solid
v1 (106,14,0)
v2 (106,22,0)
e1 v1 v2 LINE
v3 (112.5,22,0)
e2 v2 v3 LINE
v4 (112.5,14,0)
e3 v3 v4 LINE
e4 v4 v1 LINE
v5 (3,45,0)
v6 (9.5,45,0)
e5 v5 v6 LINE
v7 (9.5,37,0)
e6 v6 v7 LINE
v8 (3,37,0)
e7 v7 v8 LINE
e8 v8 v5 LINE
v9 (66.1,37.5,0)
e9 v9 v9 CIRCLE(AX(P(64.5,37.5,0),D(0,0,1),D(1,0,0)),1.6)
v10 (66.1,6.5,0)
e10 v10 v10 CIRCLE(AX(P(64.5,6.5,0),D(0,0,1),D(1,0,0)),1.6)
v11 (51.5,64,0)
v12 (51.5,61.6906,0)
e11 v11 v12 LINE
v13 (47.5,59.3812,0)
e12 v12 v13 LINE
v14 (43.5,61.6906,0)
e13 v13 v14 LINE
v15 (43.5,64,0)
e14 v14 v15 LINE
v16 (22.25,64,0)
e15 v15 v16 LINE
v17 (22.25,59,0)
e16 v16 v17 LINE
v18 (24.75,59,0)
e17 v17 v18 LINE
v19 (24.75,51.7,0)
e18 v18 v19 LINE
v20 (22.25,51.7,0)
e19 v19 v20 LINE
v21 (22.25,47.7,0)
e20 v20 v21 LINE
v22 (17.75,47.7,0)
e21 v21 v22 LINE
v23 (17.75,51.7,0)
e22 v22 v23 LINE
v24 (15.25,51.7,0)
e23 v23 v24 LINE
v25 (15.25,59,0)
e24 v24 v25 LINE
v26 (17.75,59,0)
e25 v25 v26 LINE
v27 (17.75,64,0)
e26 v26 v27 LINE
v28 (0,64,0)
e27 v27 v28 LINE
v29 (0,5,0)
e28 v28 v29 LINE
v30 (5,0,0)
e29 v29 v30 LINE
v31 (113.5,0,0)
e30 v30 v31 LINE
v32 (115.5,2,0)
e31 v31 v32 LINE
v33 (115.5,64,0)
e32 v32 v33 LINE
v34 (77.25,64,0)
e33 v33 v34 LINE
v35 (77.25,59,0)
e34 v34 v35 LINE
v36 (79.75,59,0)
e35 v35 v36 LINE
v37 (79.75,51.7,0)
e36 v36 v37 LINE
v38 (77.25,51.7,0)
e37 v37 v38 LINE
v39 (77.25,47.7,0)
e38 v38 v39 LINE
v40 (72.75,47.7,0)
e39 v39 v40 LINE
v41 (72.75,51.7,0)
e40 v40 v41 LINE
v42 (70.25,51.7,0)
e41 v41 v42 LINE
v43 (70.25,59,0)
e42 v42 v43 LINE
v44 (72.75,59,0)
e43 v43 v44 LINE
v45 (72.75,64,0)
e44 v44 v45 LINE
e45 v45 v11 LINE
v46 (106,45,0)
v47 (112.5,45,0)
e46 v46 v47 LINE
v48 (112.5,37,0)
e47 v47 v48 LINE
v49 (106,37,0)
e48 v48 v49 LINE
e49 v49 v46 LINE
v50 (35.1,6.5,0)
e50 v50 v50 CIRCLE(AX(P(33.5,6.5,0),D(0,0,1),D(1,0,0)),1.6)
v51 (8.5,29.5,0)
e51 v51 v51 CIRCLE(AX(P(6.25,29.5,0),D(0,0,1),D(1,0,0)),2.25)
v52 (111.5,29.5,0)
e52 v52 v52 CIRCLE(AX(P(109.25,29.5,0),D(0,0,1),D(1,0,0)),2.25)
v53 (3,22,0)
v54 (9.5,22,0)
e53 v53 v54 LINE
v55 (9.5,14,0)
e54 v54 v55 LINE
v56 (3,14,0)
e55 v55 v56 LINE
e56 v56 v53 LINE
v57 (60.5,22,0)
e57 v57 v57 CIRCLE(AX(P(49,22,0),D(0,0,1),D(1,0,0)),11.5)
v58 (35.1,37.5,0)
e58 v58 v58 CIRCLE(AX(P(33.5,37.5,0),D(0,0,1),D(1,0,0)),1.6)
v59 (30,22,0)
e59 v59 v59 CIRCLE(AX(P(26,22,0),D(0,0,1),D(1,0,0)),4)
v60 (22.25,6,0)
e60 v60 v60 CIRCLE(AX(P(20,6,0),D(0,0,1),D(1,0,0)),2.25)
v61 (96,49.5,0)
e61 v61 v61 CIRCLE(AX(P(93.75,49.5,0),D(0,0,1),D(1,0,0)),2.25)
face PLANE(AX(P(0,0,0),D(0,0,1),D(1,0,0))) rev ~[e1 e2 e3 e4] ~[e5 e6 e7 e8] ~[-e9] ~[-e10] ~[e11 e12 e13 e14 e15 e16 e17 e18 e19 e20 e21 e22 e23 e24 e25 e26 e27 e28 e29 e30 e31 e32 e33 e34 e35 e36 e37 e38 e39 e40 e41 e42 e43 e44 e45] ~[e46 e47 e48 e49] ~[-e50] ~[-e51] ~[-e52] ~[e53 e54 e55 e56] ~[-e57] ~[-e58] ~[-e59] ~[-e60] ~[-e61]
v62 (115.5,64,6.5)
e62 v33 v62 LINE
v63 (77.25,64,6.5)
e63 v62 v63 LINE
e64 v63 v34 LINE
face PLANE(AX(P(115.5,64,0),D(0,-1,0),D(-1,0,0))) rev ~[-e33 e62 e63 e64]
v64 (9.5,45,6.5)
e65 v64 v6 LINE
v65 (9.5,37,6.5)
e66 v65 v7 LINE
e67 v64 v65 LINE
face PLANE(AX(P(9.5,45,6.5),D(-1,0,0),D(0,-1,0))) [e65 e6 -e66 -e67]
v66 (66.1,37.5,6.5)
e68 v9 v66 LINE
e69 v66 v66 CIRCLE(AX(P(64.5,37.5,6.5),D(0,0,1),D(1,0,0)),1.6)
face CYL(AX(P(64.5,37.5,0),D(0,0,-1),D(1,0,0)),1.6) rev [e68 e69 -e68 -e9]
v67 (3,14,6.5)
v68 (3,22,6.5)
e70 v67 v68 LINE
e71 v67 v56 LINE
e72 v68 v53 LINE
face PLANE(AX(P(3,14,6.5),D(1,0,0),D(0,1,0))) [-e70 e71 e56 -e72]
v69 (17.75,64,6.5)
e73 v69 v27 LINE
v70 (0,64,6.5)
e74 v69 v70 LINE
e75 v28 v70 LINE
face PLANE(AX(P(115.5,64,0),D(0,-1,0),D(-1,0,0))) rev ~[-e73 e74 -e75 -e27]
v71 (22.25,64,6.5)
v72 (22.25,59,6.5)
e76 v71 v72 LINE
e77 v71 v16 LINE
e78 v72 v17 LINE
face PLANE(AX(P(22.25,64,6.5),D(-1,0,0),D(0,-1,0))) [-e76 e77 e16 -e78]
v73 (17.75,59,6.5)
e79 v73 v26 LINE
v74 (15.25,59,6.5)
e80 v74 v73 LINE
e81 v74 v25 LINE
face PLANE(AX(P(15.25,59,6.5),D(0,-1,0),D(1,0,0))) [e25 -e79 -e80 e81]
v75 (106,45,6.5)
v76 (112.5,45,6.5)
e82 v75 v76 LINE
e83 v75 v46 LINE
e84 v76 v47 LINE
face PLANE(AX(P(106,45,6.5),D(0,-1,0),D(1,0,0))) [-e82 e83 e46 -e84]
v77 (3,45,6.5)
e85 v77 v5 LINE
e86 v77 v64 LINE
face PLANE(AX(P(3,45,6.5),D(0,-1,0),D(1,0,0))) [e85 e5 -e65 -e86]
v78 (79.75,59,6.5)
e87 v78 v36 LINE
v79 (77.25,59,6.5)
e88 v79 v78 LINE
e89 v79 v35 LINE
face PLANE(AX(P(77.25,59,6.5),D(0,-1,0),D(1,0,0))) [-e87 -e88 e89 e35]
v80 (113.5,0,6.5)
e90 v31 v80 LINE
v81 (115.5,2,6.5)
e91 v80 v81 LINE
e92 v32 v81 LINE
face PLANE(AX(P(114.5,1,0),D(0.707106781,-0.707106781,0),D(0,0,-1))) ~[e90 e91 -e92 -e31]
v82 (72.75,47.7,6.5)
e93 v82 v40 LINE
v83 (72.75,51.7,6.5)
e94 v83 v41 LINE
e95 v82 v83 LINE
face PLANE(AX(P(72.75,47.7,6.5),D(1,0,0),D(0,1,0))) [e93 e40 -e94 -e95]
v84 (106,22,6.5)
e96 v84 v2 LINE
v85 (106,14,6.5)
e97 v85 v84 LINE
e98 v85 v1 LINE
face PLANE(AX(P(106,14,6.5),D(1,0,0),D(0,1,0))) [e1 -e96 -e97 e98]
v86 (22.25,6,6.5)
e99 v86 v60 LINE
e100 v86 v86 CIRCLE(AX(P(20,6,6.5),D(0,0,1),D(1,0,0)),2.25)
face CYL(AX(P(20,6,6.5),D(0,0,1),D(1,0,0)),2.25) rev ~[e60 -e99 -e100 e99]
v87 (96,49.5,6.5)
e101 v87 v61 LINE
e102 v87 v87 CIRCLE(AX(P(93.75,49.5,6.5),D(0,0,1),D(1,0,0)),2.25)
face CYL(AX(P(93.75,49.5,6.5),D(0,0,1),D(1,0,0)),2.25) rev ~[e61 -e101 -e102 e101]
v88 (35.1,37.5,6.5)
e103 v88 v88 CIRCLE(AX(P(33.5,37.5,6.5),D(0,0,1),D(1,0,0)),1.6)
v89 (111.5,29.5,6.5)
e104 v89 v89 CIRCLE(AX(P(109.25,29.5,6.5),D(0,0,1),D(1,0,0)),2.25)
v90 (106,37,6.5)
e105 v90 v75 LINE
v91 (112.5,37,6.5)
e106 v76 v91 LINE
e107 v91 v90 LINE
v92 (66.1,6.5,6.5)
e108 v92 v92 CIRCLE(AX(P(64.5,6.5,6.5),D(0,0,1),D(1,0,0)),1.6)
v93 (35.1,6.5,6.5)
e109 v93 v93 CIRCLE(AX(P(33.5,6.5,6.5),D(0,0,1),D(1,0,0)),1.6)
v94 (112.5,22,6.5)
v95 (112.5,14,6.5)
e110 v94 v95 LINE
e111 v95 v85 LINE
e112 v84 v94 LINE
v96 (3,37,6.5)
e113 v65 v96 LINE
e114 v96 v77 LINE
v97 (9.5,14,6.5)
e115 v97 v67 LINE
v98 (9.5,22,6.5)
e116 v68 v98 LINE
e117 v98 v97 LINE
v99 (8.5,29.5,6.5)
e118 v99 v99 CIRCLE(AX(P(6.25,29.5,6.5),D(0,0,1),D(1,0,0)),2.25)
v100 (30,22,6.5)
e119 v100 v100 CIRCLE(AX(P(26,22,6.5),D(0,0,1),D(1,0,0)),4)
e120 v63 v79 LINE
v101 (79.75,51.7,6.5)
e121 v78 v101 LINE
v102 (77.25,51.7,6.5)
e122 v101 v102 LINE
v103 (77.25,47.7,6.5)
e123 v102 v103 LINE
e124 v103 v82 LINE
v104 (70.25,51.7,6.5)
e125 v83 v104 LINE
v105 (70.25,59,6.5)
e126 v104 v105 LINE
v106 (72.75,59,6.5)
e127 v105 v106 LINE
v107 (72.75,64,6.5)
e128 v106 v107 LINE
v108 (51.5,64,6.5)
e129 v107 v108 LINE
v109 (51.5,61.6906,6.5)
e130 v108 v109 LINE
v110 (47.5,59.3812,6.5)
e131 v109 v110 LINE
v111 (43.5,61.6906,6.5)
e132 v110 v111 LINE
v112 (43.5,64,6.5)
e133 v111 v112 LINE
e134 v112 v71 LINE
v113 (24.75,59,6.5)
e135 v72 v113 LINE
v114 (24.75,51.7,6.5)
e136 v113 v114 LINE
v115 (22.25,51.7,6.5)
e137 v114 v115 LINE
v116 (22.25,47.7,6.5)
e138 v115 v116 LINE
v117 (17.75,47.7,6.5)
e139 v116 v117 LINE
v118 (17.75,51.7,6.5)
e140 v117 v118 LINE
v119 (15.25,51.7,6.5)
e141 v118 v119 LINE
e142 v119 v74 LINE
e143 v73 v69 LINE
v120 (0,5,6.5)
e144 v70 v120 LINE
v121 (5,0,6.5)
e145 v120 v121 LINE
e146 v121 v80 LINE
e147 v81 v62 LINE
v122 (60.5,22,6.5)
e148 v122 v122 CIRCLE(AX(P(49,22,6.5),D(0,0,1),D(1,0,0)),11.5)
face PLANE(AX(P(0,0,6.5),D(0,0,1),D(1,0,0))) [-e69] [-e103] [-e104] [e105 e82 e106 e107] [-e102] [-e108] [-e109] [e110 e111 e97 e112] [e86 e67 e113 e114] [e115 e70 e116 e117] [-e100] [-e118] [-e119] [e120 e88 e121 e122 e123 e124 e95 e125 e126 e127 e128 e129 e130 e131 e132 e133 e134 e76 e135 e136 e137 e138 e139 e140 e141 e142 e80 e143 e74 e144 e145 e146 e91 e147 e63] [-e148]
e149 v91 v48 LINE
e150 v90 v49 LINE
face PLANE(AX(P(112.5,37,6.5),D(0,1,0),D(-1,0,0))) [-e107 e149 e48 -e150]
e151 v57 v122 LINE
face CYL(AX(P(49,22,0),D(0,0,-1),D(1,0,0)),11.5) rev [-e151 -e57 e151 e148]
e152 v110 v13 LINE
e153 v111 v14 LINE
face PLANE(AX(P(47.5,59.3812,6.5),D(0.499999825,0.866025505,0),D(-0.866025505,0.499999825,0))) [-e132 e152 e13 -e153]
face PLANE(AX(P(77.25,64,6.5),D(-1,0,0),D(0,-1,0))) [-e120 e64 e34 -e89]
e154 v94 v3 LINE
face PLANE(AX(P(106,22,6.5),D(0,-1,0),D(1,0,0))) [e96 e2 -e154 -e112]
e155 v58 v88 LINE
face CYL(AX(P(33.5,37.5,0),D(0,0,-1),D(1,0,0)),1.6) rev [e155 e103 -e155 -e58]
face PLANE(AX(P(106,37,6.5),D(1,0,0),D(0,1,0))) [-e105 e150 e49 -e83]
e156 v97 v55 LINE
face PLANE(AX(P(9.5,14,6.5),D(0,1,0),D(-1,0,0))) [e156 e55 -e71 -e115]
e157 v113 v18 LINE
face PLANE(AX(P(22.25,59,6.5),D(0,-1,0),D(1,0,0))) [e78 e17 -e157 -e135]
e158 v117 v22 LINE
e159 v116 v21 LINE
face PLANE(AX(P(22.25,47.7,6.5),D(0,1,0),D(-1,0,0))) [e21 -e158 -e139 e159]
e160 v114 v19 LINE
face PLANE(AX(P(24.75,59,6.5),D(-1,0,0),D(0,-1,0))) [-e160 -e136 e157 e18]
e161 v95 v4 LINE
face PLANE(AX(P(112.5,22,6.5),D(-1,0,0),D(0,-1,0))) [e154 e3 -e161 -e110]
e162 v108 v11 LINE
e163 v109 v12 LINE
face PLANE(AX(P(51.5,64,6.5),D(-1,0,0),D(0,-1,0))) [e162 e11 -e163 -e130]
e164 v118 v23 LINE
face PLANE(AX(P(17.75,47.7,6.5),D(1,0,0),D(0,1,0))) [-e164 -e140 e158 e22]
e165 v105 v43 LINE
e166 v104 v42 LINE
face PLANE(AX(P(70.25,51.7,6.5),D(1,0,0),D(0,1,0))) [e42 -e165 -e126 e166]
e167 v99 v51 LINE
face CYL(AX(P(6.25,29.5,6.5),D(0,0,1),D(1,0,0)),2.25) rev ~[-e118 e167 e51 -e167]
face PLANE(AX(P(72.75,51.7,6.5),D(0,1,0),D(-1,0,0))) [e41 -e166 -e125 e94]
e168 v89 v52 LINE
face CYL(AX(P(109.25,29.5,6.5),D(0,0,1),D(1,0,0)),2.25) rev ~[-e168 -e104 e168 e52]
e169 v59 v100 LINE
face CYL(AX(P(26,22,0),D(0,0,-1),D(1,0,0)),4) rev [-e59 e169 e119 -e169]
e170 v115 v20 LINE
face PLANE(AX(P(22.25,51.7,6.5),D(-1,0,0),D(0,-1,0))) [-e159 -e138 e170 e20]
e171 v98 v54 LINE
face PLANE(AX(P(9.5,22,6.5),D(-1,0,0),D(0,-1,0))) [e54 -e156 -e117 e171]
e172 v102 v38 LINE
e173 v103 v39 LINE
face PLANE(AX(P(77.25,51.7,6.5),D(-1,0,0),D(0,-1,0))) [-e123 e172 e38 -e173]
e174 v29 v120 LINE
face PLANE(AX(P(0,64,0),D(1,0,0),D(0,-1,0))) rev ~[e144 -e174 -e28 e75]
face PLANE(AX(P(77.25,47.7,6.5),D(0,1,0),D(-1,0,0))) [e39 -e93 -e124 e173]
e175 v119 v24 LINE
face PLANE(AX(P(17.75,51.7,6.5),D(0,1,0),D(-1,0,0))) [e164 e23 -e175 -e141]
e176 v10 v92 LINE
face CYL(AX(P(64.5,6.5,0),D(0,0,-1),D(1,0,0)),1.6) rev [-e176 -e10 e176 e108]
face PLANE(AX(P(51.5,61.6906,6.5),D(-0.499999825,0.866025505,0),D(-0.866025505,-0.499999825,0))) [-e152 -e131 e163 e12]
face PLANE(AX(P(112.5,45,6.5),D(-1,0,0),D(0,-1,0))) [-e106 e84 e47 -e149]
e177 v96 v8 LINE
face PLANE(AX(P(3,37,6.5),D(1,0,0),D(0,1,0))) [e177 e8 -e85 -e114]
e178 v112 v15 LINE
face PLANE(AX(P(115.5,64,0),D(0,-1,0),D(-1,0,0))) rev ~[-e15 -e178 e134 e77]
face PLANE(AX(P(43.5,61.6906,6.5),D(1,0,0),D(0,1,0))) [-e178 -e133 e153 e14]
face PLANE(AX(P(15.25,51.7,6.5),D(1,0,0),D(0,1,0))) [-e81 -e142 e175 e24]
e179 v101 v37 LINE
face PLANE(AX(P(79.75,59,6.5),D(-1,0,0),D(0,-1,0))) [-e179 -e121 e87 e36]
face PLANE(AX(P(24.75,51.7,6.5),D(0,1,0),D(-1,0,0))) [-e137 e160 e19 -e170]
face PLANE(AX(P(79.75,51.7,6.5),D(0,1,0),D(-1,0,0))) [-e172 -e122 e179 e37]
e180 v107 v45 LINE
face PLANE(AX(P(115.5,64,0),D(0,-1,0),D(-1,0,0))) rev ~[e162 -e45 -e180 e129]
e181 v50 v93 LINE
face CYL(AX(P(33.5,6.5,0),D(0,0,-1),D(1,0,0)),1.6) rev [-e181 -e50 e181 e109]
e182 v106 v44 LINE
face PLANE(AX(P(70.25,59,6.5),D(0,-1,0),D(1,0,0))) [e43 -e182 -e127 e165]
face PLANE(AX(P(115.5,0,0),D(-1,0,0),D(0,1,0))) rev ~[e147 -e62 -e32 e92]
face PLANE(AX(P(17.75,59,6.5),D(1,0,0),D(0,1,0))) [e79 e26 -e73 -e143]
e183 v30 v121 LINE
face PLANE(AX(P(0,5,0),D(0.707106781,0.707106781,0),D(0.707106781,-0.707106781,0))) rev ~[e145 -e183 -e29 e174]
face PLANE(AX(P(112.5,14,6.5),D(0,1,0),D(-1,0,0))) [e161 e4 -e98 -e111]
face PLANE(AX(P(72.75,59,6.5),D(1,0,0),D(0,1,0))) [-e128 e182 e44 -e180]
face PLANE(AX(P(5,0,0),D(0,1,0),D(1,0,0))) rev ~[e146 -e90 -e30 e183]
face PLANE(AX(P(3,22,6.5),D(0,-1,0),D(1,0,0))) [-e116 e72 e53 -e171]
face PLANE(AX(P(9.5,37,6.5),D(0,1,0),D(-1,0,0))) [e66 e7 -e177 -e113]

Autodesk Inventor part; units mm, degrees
ref_plane "YZ Plane" through (0, 0, 0) normal (1, 0, 0) x (0, 1, 0)
ref_plane "XZ Plane" through (0, 0, 0) normal (0, 1, 0) x (-1, 0, 0)
ref_plane "XY Plane" through (0, 0, 0) normal (0, 0, 1) x (1, 0, 0)
sketch "Sketch1" plane through (0, 0, 0) normal (0, 0, 1) x (1, 0, 0)
  line L0 (5, 0) -> (115.5, 0)
  line L1 (115.5, 0) -> (115.5, 64)
  line L2 (115.5, 64) -> (0, 64)
  line L3 (0, 64) -> (0, 5)
  line L4 (0, 5) -> (5, 0)
  line L5 (33.5, 37.5) -> (64.5, 37.5) construction
  line L6 (64.5, 37.5) -> (64.5, 6.5) construction
  line L7 (64.5, 6.5) -> (33.5, 6.5) construction
  line L8 (33.5, 6.5) -> (33.5, 37.5) construction
  line L9 (27.62, 43.38) -> (70.38, 43.38) construction
  line L10 (70.38, 43.38) -> (70.38, 0.62) construction
  line L11 (70.38, 0.62) -> (27.62, 0.62) construction
  line L12 (27.62, 0.62) -> (27.62, 43.38) construction
  circle A0 centre (33.5, 6.5) radius 1.6
  circle A1 centre (64.5, 6.5) radius 1.6
  circle A2 centre (64.5, 37.5) radius 1.6
  circle A3 centre (33.5, 37.5) radius 1.6
  circle A4 centre (49, 22) radius 11.5
  circle A5 centre (26, 22) radius 4
  point P0 (0, 0)
  point P1 (49, 37.5)
  point P2 (64.5, 22)
  point P3 (70.38, 22)
  point P4 (49, 43.38)
  dimension "d0" = 45
  dimension "d1" = 31
  dimension "d2" = 42.76
  dimension "d3" = 3.2
  dimension "d4" = 23
  dimension "d5" = 8
  dimension "d6" = 23
  dimension "d8" = 115.5
  dimension "d9" = 42
  dimension "d10" = 5
  dimension "d11" = 22
  dimension "d63" = 26
extrude "Extrusion1" add sketch "Sketch1" along normal blind 6.5
sketch "Sketch3" plane through (0, 0, 6.5) normal (0, 0, 1) x (1, 0, 0)
  circle A0 centre (26, 22) radius 4 projected
  circle A1 centre (64.5, 37.5) radius 1.6 projected
  line L0 (5, 0) -> (115.5, 0) projected
  circle A2 centre (20, 6) radius 2.25
  circle A3 centre (93.75, 49.5) radius 2.25
  line L1 (115.5, 0) -> (115.5, 64) projected
  point P0 (0, 0)
  dimension "d29" = 4.5
  dimension "d30" = 6
  dimension "d31" = 6
  dimension "d32" = 12
  dimension "d64" = 21.75
extrude "Extrusion3" cut sketch "Sketch3" against normal through all contours A2 | A3
sketch "Sketch4" plane through (0, 0, 6.5) normal (0, 0, 1) x (1, 0, 0)
  line L0 (115.5, 0) -> (115.5, 64) projected
  line L1 (0, 64) -> (0, 5) projected
  line L2 (5, 0) -> (115.5, 0) projected
  line L3 (3, 22) -> (9.5, 22)
  line L4 (9.5, 22) -> (9.5, 14)
  line L5 (9.5, 14) -> (3, 14)
  line L6 (3, 14) -> (3, 22)
  line L7 (3, 45) -> (9.5, 45)
  line L8 (9.5, 45) -> (9.5, 37)
  line L9 (9.5, 37) -> (3, 37)
  line L10 (3, 37) -> (3, 45)
  line L11 (106, 45) -> (112.5, 45)
  line L12 (112.5, 45) -> (112.5, 37)
  line L13 (112.5, 37) -> (106, 37)
  line L14 (106, 37) -> (106, 45)
  line L15 (106, 22) -> (112.5, 22)
  line L16 (112.5, 22) -> (112.5, 14)
  line L17 (112.5, 14) -> (106, 14)
  line L18 (106, 14) -> (106, 22)
  line L19 (3, 37) -> (9.5, 22) construction
  line L20 (3, 22) -> (9.5, 37) construction
  line L21 (106, 37) -> (112.5, 22) construction
  line L22 (106, 22) -> (112.5, 37) construction
  circle A0 centre (6.25, 29.5) radius 2.25
  circle A1 centre (109.25, 29.5) radius 2.25
  point P0 (0, 0)
  dimension "d36" = 6.5
  dimension "d37" = 8
  dimension "d38" = 8
  dimension "d39" = 6.5
  dimension "d40" = 15
  dimension "d41" = 3
  dimension "d42" = 3
  dimension "d43" = 14
  dimension "d44" = 4.5
extrude "Extrusion4" cut sketch "Sketch4" against normal through all
sketch "Sketch5" plane through (0, 0, 6.5) normal (0, 0, 1) x (1, 0, 0)
  line L0 (115.5, 64) -> (0, 64) projected
  line L1 (0, 64) -> (0, 5) projected
  line L2 (17.75, 64) -> (22.25, 64)
  line L3 (22.25, 47.7) -> (17.75, 47.7)
  line L4 (24.75, 59) -> (24.75, 51.7)
  line L5 (15.25, 51.7) -> (15.25, 59)
  line L6 (17.75, 47.7) -> (17.75, 51.7)
  line L7 (17.75, 59) -> (17.75, 64)
  line L8 (22.25, 64) -> (22.25, 59)
  line L9 (22.25, 51.7) -> (22.25, 47.7)
  line L10 (15.25, 59) -> (17.75, 59)
  line L11 (22.25, 59) -> (24.75, 59)
  line L12 (24.75, 51.7) -> (22.25, 51.7)
  line L13 (17.75, 51.7) -> (15.25, 51.7)
  line L14 (72.75, 64) -> (77.25, 64)
  line L15 (77.25, 47.7) -> (72.75, 47.7)
  line L16 (79.75, 59) -> (79.75, 51.7)
  line L17 (70.25, 51.7) -> (70.25, 59)
  line L18 (72.75, 47.7) -> (72.75, 51.7)
  line L19 (72.75, 59) -> (72.75, 64)
  line L20 (77.25, 64) -> (77.25, 59)
  line L21 (77.25, 51.7) -> (77.25, 47.7)
  line L22 (70.25, 59) -> (72.75, 59)
  line L23 (77.25, 59) -> (79.75, 59)
  line L24 (79.75, 51.7) -> (77.25, 51.7)
  line L25 (72.75, 51.7) -> (70.25, 51.7)
  point P0 (0, 0)
  point P1 (20, 47.7)
  point P2 (75, 47.7)
  dimension "d47" = 4.5
  dimension "d48" = 2.5
  dimension "d49" = 2.5
  dimension "d50" = 5
  dimension "d51" = 7.3
  dimension "d52" = 4
  dimension "d53" = 4.5
  dimension "d54" = 2.5
  dimension "d55" = 2.5
  dimension "d56" = 5
  dimension "d57" = 7.3
  dimension "d58" = 4
  dimension "d59" = 20
  dimension "d60" = 55
extrude "Extrusion5" cut sketch "Sketch5" against normal through all
chamfer "Chamfer1" distance 2 angle 45 1 edges at (115.5, 0, 3.25)
sketch "Sketch6" plane through (0, 0, 6.5) normal (0, 0, 1) x (1, 0, 0)
  line L0 (72.75, 64) -> (22.25, 64) projected
  line L1 (47.5, 59.3812) -> (43.5, 61.6906)
  line L2 (43.5, 61.6906) -> (43.5, 64)
  line L3 (51.5, 64) -> (51.5, 61.6906)
  line L4 (51.5, 61.6906) -> (47.5, 59.3812)
  line L5 (43.5, 64) -> (51.5, 64)
  point P0 (0, 0)
  point P1 (47.5, 64)
  dimension "d68" = 8
extrude "Extrusion6" cut sketch "Sketch6" against normal through all
equation "\"d39\" = d36"
properties part number "z_motor_mount" material "Plywood, Finish"
